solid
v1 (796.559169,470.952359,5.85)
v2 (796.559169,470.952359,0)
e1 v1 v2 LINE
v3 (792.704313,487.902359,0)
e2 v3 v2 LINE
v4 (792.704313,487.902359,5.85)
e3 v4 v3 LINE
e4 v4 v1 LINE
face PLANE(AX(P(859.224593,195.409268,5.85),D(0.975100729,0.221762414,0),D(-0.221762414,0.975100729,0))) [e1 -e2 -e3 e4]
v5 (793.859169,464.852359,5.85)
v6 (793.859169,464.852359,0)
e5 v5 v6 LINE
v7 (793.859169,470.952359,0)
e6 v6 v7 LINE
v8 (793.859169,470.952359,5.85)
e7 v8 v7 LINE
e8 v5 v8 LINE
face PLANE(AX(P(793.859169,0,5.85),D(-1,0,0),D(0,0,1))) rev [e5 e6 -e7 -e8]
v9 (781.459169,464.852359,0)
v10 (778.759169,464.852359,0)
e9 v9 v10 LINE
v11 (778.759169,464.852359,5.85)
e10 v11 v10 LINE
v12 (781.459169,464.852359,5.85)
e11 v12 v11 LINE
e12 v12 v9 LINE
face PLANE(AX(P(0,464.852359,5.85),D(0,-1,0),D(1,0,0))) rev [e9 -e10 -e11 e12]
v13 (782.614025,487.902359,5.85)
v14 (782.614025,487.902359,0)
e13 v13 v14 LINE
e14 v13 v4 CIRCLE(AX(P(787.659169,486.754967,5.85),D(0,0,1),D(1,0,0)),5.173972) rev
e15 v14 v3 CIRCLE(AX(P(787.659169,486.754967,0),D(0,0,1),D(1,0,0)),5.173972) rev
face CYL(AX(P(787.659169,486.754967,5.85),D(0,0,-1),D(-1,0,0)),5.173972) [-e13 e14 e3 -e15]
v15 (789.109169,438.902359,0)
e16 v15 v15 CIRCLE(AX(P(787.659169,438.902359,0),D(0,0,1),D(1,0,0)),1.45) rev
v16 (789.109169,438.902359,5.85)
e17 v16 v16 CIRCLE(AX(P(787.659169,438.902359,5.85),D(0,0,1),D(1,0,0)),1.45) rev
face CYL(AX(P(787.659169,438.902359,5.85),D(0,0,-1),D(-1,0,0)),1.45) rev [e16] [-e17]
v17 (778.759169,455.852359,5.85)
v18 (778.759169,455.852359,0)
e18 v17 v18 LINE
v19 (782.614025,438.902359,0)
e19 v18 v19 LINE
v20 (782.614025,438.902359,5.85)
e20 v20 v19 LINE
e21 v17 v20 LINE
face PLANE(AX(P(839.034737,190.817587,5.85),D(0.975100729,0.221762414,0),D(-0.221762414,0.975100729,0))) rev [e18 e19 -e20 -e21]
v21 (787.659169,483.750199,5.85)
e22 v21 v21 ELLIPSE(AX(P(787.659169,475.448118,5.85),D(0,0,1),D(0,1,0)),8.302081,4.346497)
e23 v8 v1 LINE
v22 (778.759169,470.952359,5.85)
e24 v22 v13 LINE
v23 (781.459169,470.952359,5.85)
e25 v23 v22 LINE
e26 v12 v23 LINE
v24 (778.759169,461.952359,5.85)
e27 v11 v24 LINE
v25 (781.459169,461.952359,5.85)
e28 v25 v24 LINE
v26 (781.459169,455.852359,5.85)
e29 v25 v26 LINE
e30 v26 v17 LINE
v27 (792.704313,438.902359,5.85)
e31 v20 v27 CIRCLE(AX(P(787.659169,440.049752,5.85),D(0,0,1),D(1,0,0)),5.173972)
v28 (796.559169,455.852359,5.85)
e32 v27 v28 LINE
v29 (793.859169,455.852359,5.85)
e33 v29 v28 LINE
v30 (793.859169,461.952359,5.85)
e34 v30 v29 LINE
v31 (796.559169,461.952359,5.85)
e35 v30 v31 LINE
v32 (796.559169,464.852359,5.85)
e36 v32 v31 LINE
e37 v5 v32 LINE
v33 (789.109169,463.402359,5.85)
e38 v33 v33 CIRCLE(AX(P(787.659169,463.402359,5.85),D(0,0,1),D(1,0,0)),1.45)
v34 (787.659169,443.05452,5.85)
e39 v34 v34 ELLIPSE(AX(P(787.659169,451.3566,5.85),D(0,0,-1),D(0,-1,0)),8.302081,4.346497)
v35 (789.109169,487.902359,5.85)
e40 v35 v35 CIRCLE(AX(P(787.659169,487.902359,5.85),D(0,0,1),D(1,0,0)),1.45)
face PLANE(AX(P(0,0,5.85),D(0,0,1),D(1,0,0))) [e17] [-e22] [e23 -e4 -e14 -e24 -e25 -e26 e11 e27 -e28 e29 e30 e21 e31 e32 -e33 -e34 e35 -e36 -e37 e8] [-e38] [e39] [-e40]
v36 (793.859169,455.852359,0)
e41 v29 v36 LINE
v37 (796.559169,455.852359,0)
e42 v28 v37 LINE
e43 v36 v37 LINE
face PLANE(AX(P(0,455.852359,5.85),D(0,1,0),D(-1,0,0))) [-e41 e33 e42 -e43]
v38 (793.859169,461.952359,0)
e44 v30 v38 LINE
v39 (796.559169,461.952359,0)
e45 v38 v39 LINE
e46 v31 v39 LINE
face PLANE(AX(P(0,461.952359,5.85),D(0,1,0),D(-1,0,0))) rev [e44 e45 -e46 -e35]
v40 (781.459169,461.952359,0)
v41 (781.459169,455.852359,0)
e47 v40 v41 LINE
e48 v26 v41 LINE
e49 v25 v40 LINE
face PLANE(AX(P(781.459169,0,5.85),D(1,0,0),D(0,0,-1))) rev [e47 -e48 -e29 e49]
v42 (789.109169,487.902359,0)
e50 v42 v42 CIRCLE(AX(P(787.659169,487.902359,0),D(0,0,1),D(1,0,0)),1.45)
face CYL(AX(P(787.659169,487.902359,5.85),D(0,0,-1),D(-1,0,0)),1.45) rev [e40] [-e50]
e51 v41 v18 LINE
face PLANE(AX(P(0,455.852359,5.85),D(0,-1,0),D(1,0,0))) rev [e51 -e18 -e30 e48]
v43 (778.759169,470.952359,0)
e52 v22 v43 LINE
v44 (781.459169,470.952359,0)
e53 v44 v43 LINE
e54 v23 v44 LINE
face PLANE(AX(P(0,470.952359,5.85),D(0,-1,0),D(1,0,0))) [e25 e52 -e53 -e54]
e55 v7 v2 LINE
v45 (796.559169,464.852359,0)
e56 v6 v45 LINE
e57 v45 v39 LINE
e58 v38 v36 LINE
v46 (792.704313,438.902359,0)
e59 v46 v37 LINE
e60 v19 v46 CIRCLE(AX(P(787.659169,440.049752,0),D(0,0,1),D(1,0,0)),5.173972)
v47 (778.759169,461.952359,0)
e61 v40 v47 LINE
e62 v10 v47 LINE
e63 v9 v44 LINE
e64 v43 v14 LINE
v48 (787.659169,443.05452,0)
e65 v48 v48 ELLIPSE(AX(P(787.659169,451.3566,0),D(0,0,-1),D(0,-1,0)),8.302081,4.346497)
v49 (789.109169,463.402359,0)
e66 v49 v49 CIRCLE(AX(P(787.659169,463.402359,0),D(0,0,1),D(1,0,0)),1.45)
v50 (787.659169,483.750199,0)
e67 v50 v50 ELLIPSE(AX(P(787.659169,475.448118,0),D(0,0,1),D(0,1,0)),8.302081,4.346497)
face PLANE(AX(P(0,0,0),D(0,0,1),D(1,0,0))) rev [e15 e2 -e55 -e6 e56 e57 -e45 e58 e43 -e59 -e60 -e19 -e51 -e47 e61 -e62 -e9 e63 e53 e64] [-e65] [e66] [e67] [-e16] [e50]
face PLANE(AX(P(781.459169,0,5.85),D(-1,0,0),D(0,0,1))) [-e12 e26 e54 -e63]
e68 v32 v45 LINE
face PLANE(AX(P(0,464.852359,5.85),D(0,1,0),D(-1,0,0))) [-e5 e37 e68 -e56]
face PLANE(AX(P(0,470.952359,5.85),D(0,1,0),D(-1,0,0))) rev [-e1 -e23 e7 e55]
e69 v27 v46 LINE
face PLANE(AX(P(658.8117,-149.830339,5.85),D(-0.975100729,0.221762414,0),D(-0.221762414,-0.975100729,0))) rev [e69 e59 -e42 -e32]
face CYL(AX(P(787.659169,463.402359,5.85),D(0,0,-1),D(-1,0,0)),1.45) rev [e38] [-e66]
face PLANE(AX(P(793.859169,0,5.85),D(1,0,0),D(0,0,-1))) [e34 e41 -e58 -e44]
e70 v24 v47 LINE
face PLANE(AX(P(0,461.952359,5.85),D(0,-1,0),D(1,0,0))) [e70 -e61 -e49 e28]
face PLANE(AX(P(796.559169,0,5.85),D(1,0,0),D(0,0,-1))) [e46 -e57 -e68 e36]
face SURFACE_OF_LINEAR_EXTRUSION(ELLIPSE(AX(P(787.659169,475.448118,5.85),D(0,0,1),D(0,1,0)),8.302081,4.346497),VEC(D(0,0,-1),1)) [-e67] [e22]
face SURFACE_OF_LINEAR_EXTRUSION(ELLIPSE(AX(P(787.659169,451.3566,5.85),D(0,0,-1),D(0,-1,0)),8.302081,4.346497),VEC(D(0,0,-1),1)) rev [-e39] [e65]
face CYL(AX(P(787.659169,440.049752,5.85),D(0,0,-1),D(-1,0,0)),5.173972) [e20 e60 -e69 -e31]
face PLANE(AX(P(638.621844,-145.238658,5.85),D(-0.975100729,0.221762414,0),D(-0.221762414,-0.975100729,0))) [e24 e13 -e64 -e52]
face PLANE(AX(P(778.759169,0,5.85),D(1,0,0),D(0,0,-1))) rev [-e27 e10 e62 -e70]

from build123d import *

# Parameters (mm, degrees)
SKETCH1_R           = 1.45
SKETCH1_RX          = 8.302080555
SKETCH1_RY          = 4.346497416
BOSS_EXTRUDE1_DEPTH = 5.85


with BuildPart() as part:
    # Sketch1 → Boss-Extrude1 (new body)
    with BuildSketch(Plane.XY):
        with BuildLine():
            Line((781.459168709, 464.852359197), (778.759168709, 464.852359197))
            Line((778.759168709, 464.852359197), (778.759168709, 461.952359197))
            Line((778.759168709, 461.952359197), (781.459168709, 461.952359197))
            Line((781.459168709, 461.952359197), (781.459168709, 455.852359197))
            Line((781.459168709, 455.852359197), (778.759168709, 455.852359197))
            Line((778.759168709, 455.852359197), (782.614024727, 438.902359197))
            ThreePointArc((782.614024727, 438.902359197), (787.659168709, 434.875779626), (792.704312691, 438.902359197))
            Line((792.704312691, 438.902359197), (796.559168709, 455.852359197))
            Line((796.559168709, 455.852359197), (793.859168709, 455.852359197))
            Line((793.859168709, 455.852359197), (793.859168709, 461.952359197))
            Line((793.859168709, 461.952359197), (796.559168709, 461.952359197))
            Line((796.559168709, 461.952359197), (796.559168709, 464.852359197))
            Line((796.559168709, 464.852359197), (793.859168709, 464.852359197))
            Line((793.859168709, 464.852359197), (793.859168709, 470.952359197))
            Line((793.859168709, 470.952359197), (796.559168709, 470.952359197))
            Line((796.559168709, 470.952359197), (792.704312691, 487.902359197))
            ThreePointArc((792.704312691, 487.902359197), (787.659168709, 491.928938767), (782.614024727, 487.902359197))
            Line((782.614024727, 487.902359197), (778.759168709, 470.952359197))
            Line((778.759168709, 470.952359197), (781.459168709, 470.952359197))
            Line((781.459168709, 470.952359197), (781.459168709, 464.852359197))
        make_face()
        with Locations((787.659168709, 487.902359197)):
            Circle(SKETCH1_R, mode=Mode.SUBTRACT)
        with Locations((787.659168709, 438.902359197)):
            Circle(SKETCH1_R, mode=Mode.SUBTRACT)
        with Locations((787.659168709, 463.402359197)):
            Circle(SKETCH1_R, mode=Mode.SUBTRACT)
        with Locations(Location((787.659168709, 475.448118238), (0, 0, 90))):
            Ellipse(SKETCH1_RX, SKETCH1_RY, mode=Mode.SUBTRACT)
        with Locations(Location((787.659168709, 451.356600156), (0, 0, -90))):
            Ellipse(SKETCH1_RX, SKETCH1_RY, mode=Mode.SUBTRACT)
    extrude(amount=BOSS_EXTRUDE1_DEPTH)


solid = part.part
